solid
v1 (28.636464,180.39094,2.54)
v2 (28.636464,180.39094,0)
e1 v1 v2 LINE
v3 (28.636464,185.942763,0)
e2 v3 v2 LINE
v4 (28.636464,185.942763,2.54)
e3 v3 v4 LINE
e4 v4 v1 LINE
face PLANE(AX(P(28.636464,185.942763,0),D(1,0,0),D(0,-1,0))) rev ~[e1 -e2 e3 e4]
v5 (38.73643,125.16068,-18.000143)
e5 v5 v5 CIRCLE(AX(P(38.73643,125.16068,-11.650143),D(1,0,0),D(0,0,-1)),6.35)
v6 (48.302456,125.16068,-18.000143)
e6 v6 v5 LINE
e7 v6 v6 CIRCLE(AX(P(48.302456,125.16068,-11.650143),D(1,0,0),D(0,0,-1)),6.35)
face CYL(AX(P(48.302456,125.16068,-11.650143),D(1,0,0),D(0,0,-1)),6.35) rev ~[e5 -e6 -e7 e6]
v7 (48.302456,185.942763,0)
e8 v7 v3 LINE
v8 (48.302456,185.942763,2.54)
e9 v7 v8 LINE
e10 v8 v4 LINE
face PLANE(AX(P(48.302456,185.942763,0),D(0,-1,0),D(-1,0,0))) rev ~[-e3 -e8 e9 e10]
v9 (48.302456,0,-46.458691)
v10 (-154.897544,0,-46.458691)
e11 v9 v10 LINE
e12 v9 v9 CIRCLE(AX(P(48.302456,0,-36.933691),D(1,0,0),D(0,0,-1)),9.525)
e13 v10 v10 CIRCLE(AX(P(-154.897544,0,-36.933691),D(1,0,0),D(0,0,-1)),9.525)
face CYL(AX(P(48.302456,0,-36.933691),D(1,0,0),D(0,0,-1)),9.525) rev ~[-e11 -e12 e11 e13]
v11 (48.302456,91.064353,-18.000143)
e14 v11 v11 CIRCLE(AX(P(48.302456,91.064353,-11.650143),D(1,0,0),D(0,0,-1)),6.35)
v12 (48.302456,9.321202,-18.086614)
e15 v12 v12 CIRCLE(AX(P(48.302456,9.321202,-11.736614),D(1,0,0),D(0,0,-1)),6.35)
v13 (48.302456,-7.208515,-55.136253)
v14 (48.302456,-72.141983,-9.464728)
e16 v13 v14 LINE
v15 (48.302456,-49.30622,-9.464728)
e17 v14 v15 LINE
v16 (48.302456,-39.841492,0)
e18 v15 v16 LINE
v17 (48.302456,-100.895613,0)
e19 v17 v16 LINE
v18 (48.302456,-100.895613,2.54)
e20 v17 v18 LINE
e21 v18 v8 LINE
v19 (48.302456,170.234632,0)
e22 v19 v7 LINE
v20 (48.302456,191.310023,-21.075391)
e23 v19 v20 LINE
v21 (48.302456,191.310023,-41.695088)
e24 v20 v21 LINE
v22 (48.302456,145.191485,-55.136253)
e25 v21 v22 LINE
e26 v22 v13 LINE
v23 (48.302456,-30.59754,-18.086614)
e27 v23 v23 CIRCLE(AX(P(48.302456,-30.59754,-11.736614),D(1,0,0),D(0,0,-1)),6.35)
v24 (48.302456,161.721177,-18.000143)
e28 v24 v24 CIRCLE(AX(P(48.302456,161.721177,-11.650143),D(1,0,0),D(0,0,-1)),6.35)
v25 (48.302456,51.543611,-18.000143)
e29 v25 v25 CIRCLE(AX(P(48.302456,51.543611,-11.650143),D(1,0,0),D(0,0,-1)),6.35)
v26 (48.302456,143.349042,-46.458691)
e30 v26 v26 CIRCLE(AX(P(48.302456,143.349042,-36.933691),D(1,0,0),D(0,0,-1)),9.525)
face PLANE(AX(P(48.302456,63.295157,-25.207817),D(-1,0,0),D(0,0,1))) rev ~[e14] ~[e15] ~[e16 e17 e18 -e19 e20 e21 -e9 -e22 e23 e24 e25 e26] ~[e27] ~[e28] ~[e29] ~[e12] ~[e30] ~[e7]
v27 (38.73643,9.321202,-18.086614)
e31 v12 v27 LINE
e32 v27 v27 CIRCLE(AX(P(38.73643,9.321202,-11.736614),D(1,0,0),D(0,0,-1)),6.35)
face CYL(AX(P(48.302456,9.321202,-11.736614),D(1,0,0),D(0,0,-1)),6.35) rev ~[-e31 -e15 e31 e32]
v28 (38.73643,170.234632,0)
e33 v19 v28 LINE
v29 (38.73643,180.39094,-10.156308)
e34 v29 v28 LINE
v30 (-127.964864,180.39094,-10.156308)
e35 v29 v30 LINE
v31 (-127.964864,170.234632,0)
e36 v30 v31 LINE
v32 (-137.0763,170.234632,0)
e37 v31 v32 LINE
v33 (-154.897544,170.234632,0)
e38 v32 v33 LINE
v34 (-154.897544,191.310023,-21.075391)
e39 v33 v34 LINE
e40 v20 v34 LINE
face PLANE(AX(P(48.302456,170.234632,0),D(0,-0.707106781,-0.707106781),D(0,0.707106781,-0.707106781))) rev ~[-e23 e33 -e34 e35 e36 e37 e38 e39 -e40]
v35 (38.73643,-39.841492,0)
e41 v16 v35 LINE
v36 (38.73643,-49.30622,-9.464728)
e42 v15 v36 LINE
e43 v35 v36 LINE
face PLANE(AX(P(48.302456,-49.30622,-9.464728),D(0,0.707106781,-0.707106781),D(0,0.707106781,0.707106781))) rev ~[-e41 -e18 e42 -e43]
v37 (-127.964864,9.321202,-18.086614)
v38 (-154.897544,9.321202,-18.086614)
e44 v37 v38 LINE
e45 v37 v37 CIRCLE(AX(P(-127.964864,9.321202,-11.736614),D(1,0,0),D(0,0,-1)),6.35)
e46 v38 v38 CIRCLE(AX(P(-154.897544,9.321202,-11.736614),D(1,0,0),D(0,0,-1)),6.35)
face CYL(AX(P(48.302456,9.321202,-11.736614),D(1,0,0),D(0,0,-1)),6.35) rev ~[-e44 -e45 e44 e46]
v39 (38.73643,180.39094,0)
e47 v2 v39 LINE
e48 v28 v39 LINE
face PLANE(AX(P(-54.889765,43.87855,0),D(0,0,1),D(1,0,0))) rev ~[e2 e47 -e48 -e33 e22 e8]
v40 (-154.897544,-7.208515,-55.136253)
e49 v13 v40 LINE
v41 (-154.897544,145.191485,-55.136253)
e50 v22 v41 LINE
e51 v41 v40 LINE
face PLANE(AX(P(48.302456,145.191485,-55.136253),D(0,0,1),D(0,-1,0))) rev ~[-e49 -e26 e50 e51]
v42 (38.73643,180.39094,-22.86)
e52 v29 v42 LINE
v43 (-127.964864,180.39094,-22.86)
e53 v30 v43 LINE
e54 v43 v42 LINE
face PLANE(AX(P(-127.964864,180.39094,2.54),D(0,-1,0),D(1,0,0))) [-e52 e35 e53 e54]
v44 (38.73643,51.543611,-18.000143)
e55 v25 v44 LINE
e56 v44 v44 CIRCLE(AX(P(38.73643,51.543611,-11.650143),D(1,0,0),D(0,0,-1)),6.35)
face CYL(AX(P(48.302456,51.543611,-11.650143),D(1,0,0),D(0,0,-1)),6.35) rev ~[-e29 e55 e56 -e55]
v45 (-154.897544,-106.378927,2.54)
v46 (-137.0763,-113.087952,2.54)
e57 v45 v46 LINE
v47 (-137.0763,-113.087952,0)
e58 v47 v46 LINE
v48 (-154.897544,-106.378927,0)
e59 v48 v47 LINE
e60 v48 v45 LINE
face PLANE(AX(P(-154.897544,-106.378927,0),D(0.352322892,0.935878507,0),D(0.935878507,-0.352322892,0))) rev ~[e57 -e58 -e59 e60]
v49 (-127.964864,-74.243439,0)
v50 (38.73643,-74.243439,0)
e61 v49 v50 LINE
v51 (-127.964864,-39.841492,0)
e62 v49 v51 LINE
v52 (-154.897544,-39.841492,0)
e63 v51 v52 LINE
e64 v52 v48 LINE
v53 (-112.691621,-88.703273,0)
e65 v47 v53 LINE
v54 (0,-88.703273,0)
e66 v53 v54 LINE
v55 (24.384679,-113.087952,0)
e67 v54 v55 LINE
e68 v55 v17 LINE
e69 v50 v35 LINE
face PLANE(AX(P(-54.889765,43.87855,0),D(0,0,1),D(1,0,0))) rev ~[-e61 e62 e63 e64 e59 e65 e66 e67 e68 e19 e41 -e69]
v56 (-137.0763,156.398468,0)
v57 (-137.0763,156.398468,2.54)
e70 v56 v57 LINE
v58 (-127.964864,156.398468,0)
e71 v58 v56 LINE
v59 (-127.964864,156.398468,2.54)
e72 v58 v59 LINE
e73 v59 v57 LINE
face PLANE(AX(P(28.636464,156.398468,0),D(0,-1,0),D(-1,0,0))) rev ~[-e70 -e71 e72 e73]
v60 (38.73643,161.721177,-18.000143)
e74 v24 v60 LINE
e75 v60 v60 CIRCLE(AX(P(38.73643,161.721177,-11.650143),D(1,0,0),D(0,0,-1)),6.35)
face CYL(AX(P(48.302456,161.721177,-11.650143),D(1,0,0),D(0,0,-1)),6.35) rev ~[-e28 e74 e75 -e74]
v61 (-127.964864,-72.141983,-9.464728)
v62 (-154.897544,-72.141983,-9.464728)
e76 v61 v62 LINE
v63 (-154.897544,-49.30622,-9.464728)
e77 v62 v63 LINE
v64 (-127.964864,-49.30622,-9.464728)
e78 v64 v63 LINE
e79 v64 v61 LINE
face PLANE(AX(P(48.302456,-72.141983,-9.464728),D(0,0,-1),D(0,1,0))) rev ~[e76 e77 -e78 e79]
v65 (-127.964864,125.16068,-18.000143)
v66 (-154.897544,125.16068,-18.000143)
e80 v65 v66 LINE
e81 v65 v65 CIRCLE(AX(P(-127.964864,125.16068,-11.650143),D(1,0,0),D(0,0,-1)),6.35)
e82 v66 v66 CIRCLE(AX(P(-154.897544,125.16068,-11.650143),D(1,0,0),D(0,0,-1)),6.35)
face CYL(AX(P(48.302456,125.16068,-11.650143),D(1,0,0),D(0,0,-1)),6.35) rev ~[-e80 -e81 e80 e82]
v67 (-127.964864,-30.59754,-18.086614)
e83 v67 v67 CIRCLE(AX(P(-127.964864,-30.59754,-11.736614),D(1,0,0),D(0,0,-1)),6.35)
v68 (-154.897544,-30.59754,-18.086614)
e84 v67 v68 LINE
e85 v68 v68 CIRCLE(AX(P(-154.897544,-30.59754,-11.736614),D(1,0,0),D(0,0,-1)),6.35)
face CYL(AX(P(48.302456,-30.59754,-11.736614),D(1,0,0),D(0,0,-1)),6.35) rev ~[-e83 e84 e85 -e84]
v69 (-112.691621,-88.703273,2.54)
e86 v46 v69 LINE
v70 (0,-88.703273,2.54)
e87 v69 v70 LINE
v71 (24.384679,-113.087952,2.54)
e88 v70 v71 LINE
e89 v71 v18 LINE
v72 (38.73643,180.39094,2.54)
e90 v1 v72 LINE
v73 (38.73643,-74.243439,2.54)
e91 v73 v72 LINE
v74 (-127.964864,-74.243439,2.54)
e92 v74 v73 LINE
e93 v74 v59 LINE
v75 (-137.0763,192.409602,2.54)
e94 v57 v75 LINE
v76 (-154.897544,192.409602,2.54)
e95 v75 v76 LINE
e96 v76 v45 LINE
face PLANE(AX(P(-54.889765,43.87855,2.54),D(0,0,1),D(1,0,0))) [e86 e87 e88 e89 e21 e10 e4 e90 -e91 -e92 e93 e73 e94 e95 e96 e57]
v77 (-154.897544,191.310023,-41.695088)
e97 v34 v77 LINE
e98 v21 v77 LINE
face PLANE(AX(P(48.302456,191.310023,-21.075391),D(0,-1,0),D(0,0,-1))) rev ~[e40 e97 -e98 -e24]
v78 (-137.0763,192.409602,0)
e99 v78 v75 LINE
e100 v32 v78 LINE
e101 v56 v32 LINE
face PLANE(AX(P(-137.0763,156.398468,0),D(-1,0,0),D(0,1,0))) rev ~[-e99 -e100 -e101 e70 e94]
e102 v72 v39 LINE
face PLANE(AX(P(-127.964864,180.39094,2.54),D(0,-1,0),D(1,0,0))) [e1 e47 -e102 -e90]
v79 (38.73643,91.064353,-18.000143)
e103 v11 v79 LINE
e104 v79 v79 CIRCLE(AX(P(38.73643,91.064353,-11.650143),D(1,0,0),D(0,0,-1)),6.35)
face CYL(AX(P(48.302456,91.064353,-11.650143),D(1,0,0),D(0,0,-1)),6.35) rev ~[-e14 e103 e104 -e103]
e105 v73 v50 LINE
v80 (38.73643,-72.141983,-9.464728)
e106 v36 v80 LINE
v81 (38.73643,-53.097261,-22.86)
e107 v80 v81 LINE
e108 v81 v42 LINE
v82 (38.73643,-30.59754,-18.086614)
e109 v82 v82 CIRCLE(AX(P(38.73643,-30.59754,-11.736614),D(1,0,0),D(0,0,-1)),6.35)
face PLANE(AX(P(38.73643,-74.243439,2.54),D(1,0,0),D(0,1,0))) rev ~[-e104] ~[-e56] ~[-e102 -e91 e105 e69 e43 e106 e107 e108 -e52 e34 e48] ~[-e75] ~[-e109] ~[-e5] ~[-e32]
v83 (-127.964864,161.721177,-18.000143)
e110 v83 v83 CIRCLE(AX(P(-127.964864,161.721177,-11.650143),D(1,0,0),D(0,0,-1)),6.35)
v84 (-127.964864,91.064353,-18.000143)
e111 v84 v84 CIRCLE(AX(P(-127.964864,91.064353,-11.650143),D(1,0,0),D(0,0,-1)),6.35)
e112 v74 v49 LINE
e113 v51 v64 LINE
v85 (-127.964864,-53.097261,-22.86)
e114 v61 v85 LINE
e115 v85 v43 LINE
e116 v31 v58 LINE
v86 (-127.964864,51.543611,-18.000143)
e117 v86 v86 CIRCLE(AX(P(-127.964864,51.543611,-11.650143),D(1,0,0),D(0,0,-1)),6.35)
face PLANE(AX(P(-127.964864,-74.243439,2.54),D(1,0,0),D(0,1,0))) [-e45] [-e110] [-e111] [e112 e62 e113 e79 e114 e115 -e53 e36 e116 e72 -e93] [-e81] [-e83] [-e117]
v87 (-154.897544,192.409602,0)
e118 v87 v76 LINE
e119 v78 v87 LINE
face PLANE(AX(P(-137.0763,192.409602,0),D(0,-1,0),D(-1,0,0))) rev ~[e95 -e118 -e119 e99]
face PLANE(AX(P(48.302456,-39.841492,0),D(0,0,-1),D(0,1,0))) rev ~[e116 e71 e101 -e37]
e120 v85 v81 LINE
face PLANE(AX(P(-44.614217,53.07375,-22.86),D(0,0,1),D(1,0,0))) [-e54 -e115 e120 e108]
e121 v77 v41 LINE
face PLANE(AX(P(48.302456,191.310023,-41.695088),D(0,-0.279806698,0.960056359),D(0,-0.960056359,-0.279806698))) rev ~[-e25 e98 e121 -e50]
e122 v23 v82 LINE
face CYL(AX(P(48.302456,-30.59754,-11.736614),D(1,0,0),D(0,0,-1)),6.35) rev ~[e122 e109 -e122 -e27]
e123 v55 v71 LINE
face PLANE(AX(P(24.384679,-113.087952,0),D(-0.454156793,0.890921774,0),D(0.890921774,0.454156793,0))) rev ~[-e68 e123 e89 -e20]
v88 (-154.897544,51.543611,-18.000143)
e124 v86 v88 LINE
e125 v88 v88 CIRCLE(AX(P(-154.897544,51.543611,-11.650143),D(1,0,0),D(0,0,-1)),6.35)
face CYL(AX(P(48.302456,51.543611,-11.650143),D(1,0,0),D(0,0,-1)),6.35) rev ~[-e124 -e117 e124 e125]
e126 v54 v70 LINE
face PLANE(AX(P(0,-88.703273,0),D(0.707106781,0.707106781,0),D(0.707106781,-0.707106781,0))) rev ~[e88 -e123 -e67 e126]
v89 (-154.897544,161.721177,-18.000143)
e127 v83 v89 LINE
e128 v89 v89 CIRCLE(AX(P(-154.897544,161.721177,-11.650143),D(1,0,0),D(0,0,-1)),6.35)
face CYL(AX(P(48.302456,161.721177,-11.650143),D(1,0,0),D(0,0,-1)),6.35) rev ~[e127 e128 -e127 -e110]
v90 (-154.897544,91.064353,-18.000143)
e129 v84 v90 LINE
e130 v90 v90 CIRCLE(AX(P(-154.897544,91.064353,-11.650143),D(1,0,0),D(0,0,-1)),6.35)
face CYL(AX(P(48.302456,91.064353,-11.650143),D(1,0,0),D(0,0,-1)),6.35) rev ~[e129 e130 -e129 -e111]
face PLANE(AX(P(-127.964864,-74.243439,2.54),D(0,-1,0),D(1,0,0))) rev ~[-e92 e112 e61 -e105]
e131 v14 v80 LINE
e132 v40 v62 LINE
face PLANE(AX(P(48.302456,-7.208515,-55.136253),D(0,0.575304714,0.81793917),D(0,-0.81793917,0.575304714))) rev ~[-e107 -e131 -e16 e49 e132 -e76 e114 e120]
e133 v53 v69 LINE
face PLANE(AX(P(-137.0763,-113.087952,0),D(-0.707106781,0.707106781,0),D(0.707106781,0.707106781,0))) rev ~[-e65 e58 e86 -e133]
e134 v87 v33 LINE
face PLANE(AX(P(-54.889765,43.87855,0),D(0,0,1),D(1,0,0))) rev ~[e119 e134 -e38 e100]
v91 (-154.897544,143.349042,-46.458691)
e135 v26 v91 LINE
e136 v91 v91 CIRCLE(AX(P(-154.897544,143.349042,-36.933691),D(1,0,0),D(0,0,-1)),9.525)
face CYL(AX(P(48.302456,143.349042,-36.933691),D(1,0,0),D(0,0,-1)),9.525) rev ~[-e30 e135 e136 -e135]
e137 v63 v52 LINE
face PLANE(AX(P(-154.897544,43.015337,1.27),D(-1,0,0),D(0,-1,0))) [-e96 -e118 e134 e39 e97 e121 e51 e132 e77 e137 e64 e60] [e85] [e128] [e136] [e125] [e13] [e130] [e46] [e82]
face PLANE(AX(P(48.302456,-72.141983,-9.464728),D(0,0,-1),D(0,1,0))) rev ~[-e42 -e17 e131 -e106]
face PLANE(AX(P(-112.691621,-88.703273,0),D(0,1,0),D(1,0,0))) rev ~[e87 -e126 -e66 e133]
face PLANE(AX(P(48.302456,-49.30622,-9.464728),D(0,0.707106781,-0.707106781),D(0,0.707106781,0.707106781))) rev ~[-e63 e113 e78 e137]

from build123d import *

# Parameters (mm, degrees)
BOSS_EXTRUDE1_DEPTH = 2.54
BOSS_EXTRUDE2_REACH = 281.854
SKETCH3_R           = 9.525
CUT_EXTRUDE1_DEPTH  = 286.222196584
SKETCH4_R           = 6.35
CUT_EXTRUDE2_DEPTH  = 286.222196584
SKETCH5_W           = 166.701294092
SKETCH5_H           = 254.634379314
CUT_EXTRUDE3_DEPTH  = 25.4


with BuildPart() as part:
    # Sketch1 → Boss-Extrude1 (new body)
    with BuildSketch(Plane.XY):
        Polygon((-154.89754402, 192.409602109), (-154.89754402, -106.378927356), (-137.076300146, -113.087952221), (-112.691620976, -88.703273051), (0, -88.703273051), (24.38467917, -113.087952221), (48.30245598, -100.895612636), (48.30245598, -46.801532207), (48.30245598, 185.942762537), (28.636463872, 185.942762537), (28.636463872, 156.398467793), (-137.076300146, 156.398467793), (-137.076300146, 192.409602109), align=None)
    extrude(amount=BOSS_EXTRUDE1_DEPTH)

    # Boss-Extrude2: up to this face of the body (flat: up to its plane)
    boss_extrude2_end = Plane(part.part.faces().sort_by_distance((-154.89754402, 43.015337376, 1.27))[0])
    # Sketch2 → Boss-Extrude2 (add, up to the picked face)
    with BuildSketch(Plane(origin=(48.30245598, 0, 0), x_dir=(0, 0, -1), z_dir=(1, 0, 0)), mode=Mode.PRIVATE) as boss_extrude2_sk1:
        Polygon((0, 170.234631614), (21.075391445, 191.310023059), (41.695088388, 191.310023059), (55.136253414, 145.191484573), (55.136253414, -7.208515427), (9.464727664, -72.14198279), (9.464727664, -49.306219915), (0, -39.841492251), align=None)
    boss_extrude2_tool1 = split(extrude(boss_extrude2_sk1.sketch, amount=-BOSS_EXTRUDE2_REACH, mode=Mode.PRIVATE), bisect_by=boss_extrude2_end, keep=Keep.BOTH, mode=Mode.PRIVATE)
    add(boss_extrude2_tool1.solids().sort_by(Axis((48.302456, 70.213482, -26.354357), (-1, 0, 0)))[0])

    # Sketch3 → Cut-Extrude1 (cut, through all)
    with BuildSketch(Plane(origin=(48.30245598, 0, 0), x_dir=(0, 0, -1), z_dir=(1, 0, 0))):
        with Locations((36.933690773, 143.349042369)):
            Circle(SKETCH3_R)
        with Locations((36.933690773, 0)):
            Circle(SKETCH3_R)
    extrude(amount=-CUT_EXTRUDE1_DEPTH, mode=Mode.SUBTRACT)

    # Sketch4 → Cut-Extrude2 (cut, through all)
    with BuildSketch(Plane(origin=(48.30245598, 0, 0), x_dir=(0, 0, -1), z_dir=(1, 0, 0))):
        with Locations((11.650142798, 161.721177387)):
            Circle(SKETCH4_R)
        with Locations((11.736614281, 9.321201919)):
            Circle(SKETCH4_R)
        with Locations((11.650142798, 125.160679587)):
            Circle(SKETCH4_R)
        with Locations((11.650142798, 91.064352978)):
            Circle(SKETCH4_R)
        with Locations((11.650142798, 51.543610773)):
            Circle(SKETCH4_R)
        with Locations((11.736614281, -30.597539694)):
            Circle(SKETCH4_R)
    extrude(amount=-CUT_EXTRUDE2_DEPTH, mode=Mode.SUBTRACT)

    # Sketch5 → Cut-Extrude3 (cut)
    with BuildSketch(Plane.XY.offset(2.54)):
        with Locations((-44.614217323, 53.073750236)):
            Rectangle(SKETCH5_W, SKETCH5_H)
    extrude(amount=-CUT_EXTRUDE3_DEPTH, mode=Mode.SUBTRACT)


solid = part.part
